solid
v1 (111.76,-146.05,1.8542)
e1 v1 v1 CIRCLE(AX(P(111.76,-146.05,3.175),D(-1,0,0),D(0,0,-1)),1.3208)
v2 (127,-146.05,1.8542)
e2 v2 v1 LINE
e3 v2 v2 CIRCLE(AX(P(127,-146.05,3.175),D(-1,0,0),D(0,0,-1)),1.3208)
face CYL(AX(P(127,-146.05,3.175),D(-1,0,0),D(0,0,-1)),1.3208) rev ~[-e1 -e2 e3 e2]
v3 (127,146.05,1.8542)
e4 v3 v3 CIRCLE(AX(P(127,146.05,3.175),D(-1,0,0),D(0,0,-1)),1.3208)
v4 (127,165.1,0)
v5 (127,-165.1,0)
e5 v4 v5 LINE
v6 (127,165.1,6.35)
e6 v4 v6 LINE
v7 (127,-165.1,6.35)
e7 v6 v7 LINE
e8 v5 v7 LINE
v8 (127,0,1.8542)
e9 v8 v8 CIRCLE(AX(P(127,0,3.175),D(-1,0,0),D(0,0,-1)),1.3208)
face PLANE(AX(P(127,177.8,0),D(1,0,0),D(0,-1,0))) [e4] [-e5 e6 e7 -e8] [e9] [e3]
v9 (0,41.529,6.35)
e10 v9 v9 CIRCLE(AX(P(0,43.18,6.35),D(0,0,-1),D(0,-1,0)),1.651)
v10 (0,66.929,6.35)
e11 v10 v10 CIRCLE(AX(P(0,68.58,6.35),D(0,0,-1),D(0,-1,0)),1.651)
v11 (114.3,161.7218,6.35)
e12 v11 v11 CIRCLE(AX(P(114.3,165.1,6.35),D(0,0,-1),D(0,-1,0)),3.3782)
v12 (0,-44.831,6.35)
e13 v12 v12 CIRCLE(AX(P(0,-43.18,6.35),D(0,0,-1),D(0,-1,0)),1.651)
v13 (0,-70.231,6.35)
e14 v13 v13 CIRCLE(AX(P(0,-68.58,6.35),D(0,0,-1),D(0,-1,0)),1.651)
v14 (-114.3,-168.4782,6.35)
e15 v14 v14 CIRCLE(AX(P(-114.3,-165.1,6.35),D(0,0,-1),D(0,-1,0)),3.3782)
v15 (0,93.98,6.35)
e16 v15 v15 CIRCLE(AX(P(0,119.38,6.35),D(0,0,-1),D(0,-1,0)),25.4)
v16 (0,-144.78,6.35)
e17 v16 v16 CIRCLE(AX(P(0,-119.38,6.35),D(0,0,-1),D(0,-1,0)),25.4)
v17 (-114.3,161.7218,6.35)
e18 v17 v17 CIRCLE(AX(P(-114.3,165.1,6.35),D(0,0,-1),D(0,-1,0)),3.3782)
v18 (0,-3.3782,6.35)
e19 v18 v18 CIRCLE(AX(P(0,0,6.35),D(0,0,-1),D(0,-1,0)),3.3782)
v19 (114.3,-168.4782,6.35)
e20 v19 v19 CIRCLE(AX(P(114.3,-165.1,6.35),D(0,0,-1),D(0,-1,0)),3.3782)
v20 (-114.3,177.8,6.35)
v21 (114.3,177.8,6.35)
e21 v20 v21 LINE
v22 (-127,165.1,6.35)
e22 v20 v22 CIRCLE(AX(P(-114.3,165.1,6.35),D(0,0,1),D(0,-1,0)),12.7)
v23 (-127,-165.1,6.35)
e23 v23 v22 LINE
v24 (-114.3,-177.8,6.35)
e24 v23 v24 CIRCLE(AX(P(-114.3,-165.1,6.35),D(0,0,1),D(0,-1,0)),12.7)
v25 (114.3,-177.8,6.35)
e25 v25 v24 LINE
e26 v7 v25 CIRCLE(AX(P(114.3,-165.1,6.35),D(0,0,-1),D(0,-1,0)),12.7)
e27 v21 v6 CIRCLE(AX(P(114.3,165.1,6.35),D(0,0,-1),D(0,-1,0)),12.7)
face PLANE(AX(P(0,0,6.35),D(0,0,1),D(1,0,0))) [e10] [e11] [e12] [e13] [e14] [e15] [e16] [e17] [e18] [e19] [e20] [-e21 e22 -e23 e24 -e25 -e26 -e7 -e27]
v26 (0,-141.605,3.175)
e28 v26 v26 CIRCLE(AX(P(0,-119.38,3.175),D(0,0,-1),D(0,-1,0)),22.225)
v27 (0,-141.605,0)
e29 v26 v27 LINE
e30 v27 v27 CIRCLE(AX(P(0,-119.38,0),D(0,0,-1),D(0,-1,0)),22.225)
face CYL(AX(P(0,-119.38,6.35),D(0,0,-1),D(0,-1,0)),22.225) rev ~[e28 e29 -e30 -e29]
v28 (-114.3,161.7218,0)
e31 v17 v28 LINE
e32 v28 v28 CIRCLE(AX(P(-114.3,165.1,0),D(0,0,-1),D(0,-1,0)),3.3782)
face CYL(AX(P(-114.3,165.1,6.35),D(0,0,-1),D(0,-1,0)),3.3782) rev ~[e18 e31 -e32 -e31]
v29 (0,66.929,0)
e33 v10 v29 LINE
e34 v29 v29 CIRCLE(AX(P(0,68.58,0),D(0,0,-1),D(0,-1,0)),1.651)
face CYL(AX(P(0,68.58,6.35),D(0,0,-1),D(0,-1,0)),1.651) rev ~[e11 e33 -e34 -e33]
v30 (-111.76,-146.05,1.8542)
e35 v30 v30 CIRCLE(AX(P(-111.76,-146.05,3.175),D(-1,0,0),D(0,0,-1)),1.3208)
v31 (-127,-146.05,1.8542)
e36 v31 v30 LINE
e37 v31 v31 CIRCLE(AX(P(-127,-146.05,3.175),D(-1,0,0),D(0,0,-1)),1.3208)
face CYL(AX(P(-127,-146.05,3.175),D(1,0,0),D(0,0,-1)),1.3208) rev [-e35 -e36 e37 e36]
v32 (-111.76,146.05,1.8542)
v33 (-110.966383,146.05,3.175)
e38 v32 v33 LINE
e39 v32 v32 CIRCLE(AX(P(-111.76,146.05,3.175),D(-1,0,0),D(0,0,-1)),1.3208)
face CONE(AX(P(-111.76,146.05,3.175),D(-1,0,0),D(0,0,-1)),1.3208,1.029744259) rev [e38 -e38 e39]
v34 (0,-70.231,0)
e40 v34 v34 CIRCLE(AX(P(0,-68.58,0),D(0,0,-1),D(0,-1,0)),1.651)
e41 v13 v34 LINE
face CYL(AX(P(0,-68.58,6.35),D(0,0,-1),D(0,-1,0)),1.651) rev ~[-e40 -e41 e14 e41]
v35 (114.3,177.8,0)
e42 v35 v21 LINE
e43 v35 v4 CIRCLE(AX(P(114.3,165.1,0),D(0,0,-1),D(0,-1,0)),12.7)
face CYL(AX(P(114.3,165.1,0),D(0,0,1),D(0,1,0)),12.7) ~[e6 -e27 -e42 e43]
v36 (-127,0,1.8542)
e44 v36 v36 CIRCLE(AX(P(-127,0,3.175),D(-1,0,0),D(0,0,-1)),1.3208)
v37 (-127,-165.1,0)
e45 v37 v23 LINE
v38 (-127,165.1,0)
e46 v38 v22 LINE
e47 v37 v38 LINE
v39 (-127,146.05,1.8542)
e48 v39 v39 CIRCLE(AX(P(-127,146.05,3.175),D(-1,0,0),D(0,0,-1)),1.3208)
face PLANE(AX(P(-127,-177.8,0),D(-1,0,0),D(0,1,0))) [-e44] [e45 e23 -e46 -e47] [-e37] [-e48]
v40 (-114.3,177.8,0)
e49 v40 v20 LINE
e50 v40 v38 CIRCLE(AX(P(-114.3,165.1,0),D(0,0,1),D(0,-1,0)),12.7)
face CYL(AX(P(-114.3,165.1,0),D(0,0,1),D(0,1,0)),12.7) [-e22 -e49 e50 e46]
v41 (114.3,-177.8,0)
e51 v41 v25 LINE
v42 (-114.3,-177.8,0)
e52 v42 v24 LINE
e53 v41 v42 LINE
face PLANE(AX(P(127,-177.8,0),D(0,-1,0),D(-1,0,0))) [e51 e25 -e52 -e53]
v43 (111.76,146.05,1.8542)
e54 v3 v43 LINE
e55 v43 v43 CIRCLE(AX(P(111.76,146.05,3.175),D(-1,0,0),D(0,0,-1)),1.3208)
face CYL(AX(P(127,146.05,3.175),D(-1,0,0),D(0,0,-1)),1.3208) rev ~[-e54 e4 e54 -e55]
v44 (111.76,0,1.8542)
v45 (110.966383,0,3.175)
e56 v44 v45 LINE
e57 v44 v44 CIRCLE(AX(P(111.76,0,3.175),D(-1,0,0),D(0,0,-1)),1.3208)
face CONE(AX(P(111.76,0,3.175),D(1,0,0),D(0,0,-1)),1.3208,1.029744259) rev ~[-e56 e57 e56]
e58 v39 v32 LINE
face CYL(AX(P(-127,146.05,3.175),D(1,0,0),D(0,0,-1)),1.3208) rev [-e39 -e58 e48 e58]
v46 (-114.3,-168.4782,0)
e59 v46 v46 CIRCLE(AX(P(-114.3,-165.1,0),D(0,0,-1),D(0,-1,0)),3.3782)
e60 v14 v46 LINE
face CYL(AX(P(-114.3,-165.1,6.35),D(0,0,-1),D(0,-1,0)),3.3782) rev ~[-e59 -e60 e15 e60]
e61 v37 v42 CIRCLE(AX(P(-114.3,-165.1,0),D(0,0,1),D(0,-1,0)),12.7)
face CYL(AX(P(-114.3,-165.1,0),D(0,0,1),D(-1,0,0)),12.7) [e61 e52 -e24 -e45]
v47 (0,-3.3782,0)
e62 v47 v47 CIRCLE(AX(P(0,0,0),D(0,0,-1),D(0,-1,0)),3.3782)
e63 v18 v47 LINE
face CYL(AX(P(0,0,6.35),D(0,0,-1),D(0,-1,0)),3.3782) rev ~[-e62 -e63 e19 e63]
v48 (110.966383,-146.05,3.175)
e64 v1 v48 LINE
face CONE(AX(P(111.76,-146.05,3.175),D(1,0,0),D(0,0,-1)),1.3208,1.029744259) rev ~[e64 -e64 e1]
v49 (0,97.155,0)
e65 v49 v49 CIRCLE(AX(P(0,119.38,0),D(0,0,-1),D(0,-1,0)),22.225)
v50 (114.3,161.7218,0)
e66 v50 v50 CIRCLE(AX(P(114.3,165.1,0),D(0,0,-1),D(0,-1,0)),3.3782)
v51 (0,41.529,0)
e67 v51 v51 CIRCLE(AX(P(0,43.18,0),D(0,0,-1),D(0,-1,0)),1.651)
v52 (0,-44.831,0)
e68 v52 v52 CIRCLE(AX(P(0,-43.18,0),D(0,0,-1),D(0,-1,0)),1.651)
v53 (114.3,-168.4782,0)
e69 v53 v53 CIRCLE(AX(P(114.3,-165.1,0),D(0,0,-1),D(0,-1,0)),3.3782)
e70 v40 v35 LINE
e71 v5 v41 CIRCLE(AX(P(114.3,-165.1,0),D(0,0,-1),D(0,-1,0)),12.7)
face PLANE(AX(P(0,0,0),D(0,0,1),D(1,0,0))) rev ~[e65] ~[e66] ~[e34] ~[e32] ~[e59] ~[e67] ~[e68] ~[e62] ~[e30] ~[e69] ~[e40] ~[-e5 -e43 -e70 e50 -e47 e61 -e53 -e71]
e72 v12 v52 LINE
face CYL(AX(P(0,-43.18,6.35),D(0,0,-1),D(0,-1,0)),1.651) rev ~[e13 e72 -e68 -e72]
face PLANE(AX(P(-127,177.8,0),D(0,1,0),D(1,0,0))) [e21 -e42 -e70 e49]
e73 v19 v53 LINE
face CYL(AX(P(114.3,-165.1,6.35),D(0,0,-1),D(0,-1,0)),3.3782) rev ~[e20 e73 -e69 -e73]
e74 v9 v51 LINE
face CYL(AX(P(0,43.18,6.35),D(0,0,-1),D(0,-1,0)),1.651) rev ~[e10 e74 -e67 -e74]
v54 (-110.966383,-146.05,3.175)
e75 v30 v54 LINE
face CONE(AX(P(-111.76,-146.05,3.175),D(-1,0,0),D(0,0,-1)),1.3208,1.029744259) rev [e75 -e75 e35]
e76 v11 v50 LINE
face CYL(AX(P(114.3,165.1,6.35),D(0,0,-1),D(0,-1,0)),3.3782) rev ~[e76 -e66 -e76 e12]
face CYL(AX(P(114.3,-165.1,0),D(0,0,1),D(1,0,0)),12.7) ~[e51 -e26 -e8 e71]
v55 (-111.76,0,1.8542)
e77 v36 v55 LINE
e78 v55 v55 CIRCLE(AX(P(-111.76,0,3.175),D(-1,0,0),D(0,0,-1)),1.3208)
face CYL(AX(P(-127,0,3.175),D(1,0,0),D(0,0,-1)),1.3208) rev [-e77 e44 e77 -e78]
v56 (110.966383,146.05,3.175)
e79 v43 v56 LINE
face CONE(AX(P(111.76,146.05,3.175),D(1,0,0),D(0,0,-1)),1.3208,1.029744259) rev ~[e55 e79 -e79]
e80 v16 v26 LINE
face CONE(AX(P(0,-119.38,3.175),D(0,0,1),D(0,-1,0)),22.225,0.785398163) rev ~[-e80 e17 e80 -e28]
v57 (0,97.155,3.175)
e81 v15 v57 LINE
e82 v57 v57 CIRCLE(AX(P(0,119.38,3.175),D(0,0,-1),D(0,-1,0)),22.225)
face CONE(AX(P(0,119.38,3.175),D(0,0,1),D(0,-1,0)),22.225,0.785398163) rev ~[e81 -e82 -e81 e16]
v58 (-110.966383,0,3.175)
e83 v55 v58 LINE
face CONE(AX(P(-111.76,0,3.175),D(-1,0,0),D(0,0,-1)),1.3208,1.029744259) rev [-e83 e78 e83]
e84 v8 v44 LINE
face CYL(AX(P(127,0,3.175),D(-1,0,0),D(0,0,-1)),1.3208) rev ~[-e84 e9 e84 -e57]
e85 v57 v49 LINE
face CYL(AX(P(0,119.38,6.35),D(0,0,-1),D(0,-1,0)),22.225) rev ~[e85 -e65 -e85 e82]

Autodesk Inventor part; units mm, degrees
ref_plane "YZ Plane" through (0, 0, 0) normal (1, 0, 0) x (0, 1, 0)
ref_plane "XZ Plane" through (0, 0, 0) normal (0, 1, 0) x (-1, 0, 0)
ref_plane "XY Plane" through (0, 0, 0) normal (0, 0, 1) x (1, 0, 0)
sketch "Sketch1" plane through (0, 0, 0) normal (0, 0, 1) x (1, 0, 0)
  line L0 (-127, 177.8) -> (127, 177.8)
  line L1 (127, 177.8) -> (127, -177.8)
  line L2 (127, -177.8) -> (-127, -177.8)
  line L3 (-127, -177.8) -> (-127, 177.8)
  point P0 (0, 0)
  dimension "d0" = 254
  dimension "d1" = 127
  dimension "d2" = 355.6
  dimension "d3" = 177.8
extrude "Extrusion1" add sketch "Sketch1" along normal blind 6.35
sketch "Sketch2" plane through (0, 0, 6.35) normal (0, 0, 1) x (1, 0, 0)
  line L0 (-114.3, 165.1) -> (114.3, 165.1) construction
  line L1 (114.3, 165.1) -> (114.3, -165.1) construction
  line L2 (114.3, -165.1) -> (-114.3, -165.1) construction
  line L3 (-114.3, -165.1) -> (-114.3, 165.1) construction
  line L4 (-127, 177.8) -> (127, 177.8) construction
  line L5 (127, -177.8) -> (-127, -177.8) construction
  line L6 (-127, -177.8) -> (-127, 177.8) construction
  line L7 (127, 177.8) -> (127, -177.8) construction
  point P0 (0, 0)
  point P1 (0, 0)
  dimension "d6" = 12.7
  dimension "d7" = 12.7
  dimension "d8" = 12.7
  dimension "d9" = 12.7
hole "Hole1" at (-114.3, 165.1, 6.35) at (114.3, 165.1, 6.35) at (114.3, -165.1, 6.35) at (-114.3, -165.1, 6.35) at (0, 0, 6.35) direction (0, 0, -1) diameter 6.7564 end through all clearance for "Flat Head Machine Screw (82)" size "1/4" standard "Ansi Unified Screw Threads"
sketch "Sketch3" plane through (0, 0, 6.35) normal (0, 0, 1) x (1, 0, 0)
  line L0 (0, 248.92) -> (0, -248.92) construction
  point P0 (0, 0)
  point P1 (0, 119.38)
  point P2 (0, -119.38)
  dimension "d17" = 238.76
  dimension "d18" = 119.38
hole "Hole2" at (0, 119.38, 6.35) at (0, -119.38, 6.35) direction (0, 0, -1) diameter 44.45 end through all
sketch "Sketch4" plane through (0, 0, 6.35) normal (0, 0, 1) x (1, 0, 0)
  line L0 (0, -248.92) -> (0, 248.92) construction
  circle A0 centre (0, 119.38) radius 22.225 construction
  circle A1 centre (0, -119.38) radius 22.225 construction
  line L1 (-177.8, 0) -> (177.8, 0) construction
  point P0 (0, 0)
  point P1 (0, 68.58)
  point P2 (0, 43.18)
  point P3 (0, -68.58)
  point P4 (0, -43.18)
  dimension "d26" = 50.8
  dimension "d27" = 25.4
  dimension "d28" = 50.8
  dimension "d29" = 25.4
hole "Hole3" at (0, 68.58, 6.35) at (0, 43.18, 6.35) at (0, -68.58, 6.35) at (0, -43.18, 6.35) direction (0, 0, -1) diameter 3.302 end through all thread size "8-32 UNC" class "2B" standard "ANSI Unified Screw Threads"
fillet "Fillet1" radius 12.7 4 edges at (127, -177.8, 3.175) (-127, -177.8, 3.175) (127, 177.8, 3.175) (-127, 177.8, 3.175)
chamfer "Chamfer1" distance 3.175 angle 45 2 edges at (0, -97.155, 6.35) (0, 141.605, 6.35)
sketch "Sketch6" plane through (127, -165.1, 0) normal (1, 0, 0) x (0, 0, -1)
  line L0 (-6.35, 330.2) -> (0, 330.2) projected
  line L1 (-6.35, 330.2) -> (-6.35, 0) projected
  line L2 (0, 0) -> (-6.35, 0) projected
  line L3 (0, 330.2) -> (0, 0) projected
  line L4 (-3.175, 330.2) -> (-3.175, 0) construction
  line L5 (0, 165.1) -> (-6.35, 165.1) construction
  point P0 (-3.175, 165.1)
  point P1 (-3.175, 311.15)
  point P2 (-3.175, 19.05)
  dimension "d52" = 146.05
hole "Hole5" at (127, 0, 3.175) at (127, 146.05, 3.175) at (127, -146.05, 3.175) direction (-1, 0, 0) diameter 2.6416 depth 15.24 tip angle 118 thread size "6-32 UNC" class "2B" standard "ANSI Unified Screw Threads"
mirror "Mirror1" about plane through (0, 0, 0) normal (1, 0, 0) of "Hole5"
equation "\"d1\" = 0.5 * d0"
equation "\"d3\" = 0.5 * d2"
equation "\"d18\" = 0.5 * d17"
properties part number "J001395" material "ALUMINUM, 6061-T651"
